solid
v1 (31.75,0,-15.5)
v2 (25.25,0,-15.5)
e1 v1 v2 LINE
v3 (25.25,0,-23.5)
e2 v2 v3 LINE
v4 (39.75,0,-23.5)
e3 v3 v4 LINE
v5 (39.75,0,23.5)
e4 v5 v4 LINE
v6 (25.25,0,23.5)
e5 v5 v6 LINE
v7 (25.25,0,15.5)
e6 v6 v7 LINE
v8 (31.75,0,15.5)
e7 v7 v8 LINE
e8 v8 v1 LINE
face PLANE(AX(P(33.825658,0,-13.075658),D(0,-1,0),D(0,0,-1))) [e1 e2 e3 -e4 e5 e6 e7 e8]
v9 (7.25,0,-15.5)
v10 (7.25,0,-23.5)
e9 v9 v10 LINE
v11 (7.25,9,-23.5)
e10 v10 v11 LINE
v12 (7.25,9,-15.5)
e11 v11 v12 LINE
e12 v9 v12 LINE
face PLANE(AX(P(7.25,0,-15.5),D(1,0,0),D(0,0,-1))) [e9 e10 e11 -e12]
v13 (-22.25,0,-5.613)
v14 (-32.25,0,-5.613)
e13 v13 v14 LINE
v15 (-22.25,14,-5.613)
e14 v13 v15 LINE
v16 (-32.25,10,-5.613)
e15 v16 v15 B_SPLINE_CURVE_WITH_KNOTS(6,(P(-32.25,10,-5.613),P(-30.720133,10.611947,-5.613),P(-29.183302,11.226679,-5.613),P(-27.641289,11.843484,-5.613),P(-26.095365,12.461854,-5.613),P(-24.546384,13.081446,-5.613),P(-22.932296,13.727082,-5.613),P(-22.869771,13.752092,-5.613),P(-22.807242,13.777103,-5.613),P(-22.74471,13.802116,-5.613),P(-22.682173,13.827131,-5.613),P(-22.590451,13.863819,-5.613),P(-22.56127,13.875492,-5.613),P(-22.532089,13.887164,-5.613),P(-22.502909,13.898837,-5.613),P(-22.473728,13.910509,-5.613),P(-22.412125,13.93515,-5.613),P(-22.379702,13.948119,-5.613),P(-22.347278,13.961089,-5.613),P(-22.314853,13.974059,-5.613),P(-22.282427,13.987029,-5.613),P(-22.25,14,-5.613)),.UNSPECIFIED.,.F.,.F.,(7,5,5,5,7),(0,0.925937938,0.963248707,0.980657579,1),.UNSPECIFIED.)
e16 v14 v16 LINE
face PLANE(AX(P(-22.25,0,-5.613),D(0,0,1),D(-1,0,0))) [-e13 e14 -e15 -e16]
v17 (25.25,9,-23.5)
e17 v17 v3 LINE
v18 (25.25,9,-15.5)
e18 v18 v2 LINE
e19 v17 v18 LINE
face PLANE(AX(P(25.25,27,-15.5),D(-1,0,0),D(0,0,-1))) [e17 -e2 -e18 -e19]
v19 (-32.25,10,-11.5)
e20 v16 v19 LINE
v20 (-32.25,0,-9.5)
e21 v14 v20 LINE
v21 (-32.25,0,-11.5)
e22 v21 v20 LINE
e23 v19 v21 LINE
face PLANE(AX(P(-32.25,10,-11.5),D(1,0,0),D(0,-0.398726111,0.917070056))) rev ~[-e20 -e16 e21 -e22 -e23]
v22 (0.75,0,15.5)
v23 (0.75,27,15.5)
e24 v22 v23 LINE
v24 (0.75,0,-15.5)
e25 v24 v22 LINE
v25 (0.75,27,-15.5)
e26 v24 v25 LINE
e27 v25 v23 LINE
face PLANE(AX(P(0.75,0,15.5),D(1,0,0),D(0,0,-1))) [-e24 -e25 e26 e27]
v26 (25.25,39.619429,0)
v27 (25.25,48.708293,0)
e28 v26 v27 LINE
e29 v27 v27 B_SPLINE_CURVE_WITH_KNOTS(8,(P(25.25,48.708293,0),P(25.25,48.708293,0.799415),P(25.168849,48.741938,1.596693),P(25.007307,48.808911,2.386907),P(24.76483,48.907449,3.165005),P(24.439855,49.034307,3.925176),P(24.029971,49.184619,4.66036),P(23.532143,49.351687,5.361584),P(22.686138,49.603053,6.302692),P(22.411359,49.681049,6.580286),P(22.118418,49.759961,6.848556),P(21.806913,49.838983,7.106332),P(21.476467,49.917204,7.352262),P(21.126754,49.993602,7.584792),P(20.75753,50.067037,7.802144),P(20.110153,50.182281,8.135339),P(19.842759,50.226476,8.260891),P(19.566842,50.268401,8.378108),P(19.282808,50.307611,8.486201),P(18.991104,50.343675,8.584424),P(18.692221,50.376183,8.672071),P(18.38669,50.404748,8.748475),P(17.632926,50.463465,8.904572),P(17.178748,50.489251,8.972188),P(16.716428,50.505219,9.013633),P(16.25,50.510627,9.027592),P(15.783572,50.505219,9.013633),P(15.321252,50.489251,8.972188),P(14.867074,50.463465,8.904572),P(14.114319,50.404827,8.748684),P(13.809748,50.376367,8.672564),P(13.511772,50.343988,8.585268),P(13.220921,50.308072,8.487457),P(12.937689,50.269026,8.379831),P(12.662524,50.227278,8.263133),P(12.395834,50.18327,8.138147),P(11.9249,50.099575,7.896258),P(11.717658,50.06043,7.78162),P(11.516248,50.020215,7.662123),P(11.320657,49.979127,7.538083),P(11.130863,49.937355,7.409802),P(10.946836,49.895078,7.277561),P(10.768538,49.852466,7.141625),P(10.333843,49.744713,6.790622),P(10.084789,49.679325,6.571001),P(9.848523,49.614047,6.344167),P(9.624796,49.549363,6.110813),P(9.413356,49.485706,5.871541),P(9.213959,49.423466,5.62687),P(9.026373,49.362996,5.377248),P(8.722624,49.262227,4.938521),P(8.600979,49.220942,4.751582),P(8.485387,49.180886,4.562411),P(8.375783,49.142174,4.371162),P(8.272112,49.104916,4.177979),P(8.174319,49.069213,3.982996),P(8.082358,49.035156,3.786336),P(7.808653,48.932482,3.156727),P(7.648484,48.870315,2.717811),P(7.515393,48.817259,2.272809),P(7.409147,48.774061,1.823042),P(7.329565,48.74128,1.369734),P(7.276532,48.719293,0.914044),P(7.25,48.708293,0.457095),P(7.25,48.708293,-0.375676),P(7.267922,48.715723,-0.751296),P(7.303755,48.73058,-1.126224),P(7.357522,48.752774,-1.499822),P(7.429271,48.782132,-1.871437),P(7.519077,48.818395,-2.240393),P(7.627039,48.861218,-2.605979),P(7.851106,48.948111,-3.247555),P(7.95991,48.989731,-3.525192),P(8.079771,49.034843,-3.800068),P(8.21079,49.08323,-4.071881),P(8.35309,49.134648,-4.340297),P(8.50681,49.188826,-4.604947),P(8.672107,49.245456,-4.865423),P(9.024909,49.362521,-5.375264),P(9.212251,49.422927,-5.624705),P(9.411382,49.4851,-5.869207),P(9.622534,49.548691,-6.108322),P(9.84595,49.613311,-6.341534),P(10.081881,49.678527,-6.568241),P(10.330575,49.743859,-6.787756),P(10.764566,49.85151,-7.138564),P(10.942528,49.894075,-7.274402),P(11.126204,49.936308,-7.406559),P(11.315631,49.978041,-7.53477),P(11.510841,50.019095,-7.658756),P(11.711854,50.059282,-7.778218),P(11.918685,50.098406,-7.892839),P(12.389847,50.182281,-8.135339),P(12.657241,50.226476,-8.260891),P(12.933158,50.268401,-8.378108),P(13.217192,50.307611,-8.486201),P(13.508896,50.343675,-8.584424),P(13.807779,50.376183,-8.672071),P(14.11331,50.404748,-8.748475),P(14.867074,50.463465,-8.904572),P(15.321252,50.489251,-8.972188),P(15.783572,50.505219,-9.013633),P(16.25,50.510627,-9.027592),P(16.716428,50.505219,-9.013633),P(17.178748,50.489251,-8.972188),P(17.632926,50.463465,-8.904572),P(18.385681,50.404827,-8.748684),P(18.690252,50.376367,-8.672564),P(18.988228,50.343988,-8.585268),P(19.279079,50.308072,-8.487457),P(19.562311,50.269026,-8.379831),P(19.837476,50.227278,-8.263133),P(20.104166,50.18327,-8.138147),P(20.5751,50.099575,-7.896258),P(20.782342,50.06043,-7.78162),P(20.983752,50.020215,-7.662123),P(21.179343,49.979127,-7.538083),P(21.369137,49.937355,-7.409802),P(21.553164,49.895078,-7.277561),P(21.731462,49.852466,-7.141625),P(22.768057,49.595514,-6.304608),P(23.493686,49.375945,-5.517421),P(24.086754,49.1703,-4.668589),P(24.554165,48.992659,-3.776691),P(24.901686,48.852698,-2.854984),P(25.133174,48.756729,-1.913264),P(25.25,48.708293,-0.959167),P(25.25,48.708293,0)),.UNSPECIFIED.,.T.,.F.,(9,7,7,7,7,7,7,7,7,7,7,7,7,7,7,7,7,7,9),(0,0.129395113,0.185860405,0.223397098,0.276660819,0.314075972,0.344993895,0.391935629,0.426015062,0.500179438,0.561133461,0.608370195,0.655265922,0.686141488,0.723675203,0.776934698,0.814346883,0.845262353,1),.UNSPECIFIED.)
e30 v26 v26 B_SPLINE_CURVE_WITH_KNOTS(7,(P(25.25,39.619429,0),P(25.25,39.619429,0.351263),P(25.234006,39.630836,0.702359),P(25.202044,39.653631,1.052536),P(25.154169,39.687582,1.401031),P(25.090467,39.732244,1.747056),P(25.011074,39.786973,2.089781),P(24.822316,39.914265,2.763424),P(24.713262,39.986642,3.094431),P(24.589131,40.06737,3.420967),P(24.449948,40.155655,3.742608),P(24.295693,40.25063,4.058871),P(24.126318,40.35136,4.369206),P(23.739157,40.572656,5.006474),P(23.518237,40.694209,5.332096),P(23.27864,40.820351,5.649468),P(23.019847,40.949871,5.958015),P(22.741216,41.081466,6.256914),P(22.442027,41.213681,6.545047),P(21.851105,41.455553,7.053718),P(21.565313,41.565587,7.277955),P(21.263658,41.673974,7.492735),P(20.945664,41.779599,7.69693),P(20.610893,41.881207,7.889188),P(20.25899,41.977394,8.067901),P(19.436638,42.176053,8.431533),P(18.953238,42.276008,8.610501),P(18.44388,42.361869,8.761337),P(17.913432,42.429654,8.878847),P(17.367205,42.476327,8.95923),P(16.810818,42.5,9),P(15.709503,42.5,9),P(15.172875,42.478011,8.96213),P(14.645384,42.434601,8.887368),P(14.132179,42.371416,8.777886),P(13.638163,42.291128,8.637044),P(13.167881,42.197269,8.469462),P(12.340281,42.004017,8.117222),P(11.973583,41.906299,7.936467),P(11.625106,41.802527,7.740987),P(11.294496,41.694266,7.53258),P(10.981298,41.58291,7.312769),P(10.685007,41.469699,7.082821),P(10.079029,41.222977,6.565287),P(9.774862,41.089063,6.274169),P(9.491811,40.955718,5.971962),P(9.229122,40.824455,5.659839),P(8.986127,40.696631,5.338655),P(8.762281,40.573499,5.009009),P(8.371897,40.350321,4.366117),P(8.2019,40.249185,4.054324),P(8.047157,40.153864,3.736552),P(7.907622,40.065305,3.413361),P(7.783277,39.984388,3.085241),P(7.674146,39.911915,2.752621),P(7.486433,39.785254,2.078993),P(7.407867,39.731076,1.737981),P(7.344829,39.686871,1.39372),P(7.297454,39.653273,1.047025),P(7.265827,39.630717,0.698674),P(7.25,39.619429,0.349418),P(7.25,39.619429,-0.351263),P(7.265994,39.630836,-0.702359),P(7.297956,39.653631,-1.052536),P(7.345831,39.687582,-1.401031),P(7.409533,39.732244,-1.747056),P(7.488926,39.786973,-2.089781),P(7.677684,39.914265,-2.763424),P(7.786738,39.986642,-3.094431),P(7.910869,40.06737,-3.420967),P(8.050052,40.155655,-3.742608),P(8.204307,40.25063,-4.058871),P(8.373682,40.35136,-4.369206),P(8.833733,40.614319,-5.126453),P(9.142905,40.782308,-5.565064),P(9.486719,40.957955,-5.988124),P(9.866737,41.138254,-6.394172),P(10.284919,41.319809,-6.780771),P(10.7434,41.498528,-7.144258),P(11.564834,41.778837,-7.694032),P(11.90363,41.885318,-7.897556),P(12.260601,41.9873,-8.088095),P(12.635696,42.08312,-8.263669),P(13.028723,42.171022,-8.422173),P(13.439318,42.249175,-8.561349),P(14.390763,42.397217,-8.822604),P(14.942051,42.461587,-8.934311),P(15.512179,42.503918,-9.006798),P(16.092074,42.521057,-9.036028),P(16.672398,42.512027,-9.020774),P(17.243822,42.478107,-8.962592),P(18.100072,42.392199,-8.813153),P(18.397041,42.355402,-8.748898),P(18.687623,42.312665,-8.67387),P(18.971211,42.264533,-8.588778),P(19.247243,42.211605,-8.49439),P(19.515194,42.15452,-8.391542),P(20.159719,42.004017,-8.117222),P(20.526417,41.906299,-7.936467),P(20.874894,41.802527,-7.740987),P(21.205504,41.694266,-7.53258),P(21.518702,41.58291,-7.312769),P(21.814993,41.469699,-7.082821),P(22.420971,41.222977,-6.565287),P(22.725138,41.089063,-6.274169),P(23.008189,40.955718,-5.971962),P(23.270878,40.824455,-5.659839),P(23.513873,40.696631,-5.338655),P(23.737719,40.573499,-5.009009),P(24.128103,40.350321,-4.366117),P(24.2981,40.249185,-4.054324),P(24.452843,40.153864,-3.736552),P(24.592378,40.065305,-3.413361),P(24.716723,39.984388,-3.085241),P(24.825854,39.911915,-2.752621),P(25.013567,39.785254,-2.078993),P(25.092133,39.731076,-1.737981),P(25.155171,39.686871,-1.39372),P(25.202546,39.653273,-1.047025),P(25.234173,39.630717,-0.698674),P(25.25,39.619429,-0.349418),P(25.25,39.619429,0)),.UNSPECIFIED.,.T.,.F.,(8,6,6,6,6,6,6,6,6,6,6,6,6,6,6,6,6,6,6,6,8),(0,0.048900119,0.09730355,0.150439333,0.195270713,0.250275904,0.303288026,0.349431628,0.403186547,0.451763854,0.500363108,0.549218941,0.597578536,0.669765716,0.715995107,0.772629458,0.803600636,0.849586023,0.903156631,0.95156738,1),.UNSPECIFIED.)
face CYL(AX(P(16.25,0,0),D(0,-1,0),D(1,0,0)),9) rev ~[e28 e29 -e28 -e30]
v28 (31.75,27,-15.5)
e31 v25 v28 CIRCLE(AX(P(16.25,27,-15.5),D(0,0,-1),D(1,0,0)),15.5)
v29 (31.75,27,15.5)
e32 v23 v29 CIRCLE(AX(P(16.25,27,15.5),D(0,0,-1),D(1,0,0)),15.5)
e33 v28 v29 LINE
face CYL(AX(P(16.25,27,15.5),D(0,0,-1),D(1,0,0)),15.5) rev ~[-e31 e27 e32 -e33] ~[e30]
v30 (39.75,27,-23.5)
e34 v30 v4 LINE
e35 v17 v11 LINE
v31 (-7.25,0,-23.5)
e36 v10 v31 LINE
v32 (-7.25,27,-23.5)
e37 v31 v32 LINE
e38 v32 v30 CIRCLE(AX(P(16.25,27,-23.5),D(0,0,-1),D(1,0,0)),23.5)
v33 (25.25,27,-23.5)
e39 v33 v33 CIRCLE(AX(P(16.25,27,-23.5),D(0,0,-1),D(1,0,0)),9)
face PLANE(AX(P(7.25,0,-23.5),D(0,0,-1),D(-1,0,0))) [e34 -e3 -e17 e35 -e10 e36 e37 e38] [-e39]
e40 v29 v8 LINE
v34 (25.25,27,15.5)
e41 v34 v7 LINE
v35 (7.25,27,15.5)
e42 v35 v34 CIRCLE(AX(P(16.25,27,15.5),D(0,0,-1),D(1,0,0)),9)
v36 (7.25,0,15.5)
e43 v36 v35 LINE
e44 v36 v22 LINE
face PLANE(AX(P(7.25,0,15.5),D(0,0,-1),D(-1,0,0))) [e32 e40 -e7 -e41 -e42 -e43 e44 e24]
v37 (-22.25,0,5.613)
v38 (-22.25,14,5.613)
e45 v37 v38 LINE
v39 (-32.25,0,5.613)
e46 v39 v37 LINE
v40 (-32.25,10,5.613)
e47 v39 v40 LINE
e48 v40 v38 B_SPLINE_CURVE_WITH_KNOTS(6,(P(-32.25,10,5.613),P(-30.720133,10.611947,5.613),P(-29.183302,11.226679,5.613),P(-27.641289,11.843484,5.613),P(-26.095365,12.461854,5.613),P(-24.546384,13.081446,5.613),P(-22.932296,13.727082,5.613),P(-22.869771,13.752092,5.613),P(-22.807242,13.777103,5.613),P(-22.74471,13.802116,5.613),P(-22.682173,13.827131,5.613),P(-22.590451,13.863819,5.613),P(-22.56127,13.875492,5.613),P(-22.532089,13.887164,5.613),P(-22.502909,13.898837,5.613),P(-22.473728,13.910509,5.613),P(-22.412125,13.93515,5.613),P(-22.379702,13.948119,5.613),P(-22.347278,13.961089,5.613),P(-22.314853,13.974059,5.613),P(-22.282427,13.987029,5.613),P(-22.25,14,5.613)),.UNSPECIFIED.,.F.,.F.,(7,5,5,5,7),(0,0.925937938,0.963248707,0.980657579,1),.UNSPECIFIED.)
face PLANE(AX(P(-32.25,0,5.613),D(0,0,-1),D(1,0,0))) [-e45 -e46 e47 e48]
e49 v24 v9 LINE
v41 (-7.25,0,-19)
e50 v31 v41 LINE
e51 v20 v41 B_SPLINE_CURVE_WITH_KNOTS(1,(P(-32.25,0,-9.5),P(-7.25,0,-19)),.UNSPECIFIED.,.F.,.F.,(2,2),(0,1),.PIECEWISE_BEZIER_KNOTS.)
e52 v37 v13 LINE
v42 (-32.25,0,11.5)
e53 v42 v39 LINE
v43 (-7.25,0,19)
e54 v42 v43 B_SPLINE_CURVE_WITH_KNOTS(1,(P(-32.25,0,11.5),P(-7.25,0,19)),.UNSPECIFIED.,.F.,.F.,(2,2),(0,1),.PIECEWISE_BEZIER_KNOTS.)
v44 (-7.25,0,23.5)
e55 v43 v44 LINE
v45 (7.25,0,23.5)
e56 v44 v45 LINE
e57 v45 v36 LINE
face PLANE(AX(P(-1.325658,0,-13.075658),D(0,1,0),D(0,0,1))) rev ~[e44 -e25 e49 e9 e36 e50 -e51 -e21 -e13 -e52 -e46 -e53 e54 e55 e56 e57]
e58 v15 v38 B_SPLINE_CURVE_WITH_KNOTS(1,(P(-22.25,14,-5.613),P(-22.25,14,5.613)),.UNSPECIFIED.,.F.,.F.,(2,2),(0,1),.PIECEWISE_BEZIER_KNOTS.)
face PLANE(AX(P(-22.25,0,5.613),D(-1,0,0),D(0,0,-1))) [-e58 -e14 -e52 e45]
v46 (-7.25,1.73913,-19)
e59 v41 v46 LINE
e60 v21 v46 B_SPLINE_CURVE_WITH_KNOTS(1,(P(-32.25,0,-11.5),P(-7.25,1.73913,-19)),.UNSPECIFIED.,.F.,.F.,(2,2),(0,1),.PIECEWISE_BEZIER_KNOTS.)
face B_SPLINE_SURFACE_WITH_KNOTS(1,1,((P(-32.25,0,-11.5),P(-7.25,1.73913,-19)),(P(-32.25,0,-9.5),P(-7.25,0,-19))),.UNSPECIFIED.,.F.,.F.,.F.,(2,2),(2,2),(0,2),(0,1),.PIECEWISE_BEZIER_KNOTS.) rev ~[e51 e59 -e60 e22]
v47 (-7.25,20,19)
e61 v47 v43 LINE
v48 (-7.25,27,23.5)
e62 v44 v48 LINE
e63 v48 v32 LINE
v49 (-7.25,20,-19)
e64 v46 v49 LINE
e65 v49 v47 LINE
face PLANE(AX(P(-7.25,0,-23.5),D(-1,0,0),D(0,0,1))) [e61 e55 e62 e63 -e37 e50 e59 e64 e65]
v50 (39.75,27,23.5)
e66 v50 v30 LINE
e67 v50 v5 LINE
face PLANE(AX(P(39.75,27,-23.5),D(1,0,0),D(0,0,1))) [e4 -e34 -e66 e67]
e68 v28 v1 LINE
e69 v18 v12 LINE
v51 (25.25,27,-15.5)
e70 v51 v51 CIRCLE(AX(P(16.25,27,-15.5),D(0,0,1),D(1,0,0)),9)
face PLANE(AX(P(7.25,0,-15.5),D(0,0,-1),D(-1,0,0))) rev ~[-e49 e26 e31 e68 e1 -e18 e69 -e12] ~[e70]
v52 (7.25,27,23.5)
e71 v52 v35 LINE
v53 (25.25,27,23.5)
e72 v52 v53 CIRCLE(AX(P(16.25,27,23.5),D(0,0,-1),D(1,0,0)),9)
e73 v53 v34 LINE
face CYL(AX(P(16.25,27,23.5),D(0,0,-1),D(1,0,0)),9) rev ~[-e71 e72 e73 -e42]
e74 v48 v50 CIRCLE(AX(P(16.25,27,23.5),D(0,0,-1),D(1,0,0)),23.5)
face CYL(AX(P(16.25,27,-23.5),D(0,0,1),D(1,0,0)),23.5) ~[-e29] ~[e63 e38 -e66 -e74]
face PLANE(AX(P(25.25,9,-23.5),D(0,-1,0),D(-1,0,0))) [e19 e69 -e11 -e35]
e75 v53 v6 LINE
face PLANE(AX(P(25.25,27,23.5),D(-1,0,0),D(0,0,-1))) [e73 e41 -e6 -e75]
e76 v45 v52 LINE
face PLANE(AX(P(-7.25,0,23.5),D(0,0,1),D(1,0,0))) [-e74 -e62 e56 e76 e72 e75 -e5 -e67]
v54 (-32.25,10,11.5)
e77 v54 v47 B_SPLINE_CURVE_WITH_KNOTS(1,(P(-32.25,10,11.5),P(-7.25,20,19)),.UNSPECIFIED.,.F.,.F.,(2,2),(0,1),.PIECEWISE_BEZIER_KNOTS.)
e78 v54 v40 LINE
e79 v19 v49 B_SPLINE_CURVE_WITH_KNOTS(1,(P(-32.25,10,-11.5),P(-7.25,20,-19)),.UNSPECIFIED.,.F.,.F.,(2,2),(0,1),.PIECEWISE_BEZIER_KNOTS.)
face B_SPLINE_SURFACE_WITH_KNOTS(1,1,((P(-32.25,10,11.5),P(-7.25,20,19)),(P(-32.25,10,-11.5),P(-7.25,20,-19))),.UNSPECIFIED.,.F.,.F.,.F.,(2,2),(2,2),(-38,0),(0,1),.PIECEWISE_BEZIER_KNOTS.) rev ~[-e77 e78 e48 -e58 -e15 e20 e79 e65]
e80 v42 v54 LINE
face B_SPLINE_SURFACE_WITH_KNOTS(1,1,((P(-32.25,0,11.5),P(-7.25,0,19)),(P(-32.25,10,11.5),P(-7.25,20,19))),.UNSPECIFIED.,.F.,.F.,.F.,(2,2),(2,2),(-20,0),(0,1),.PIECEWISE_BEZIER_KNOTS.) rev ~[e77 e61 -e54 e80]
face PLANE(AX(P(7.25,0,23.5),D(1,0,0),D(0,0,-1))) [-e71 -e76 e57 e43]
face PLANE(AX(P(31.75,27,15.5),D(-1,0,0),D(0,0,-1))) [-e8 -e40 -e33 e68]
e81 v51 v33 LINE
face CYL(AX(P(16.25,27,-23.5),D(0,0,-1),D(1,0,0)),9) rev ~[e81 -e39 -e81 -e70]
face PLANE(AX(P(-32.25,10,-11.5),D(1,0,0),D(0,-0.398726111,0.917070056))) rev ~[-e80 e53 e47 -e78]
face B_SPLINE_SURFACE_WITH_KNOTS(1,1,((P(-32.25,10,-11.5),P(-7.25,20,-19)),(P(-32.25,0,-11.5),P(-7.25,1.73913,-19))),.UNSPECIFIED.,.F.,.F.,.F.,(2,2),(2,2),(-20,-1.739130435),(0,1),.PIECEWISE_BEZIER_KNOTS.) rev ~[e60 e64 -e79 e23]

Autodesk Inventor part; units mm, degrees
ref_plane "XZ Plane" through (0, 0, 0) normal (0, 1, 0) x (-1, 0, 0)
ref_plane "XY Plane" through (0, 0, 0) normal (0, 0, 1) x (1, 0, 0)
sketch "草图1" plane through (0, 0, 0) normal (0, 1, 0) x (-1, 0, 0)
  line L0 (234.2186, 0) -> (-293.6058, 0)
  line L1 (7.25, 23.5) -> (-7.25, 23.5)
  line L2 (-7.25, -23.5) -> (7.25, -23.5)
  line L3 (7.25, -23.5) -> (7.25, 23.5)
  line L4 (7.25, 23.5) -> (-7.25, -23.5) construction
  line L5 (-7.25, 23.5) -> (7.25, -23.5) construction
  line L6 (-7.25, 15.5) -> (-0.75, 15.5)
  line L7 (-0.75, 15.5) -> (-0.75, -15.5)
  line L8 (-0.75, -15.5) -> (-7.25, -15.5)
  line L9 (-13.75, 15.5) -> (-0.75, -15.5) construction
  line L10 (-0.75, 15.5) -> (-13.75, -15.5) construction
  line L11 (-7.25, 23.5) -> (-7.25, 15.5)
  line L12 (-7.25, -15.5) -> (-7.25, -23.5)
  point P0 (0, 0)
  point P1 (-7.25, 0)
  dimension "d0" = 14.5
  dimension "d1" = 47
  dimension "d2" = 13
sketch "草图2" plane through (0, 0, 0) normal (0, 1, 0) x (-1, 0, 0)
  point P0 (0, 0)
sketch "草图3" plane through (0, 0, 0) normal (0, 0, 1) x (1, 0, 0)
  line L0 (0, 0) -> (0, 27)
  arc A0 (32.5, 27) -> (0, 27) centre (16.25, 27) ccw
  line L1 (32.5, 27) -> (32.5, 0)
  dimension "d4" = 27
  dimension "d5" = 32.5
sweep "扫掠1" add profiles "草图1" path "草图3"
sketch "草图4" plane through (7.25, 0, -23.5) normal (0, 0, -1) x (-1, 0, 0)
  line L0 (-18, 27) -> (-18, 0) projected
  arc A0 (0, 27) -> (-18, 27) centre (-9, 27) ccw projected
  line L1 (0, 0) -> (0, 27) projected
  arc A1 (-18, 27) -> (0, 27) centre (-9, 27) ccw
  line L2 (-18, 9) -> (0, 9)
  line L3 (-18, 9) -> (-18, 27)
  line L4 (0, 9) -> (0, 27)
  point P0 (7.25, 0)
  dimension "d7" = 18
extrude "拉伸1" add sketch "草图4" against normal blind 8 contours A1 L1 L2 L0
sketch "草图5" plane through (-7.25, 0, 23.5) normal (0, -1, 0) x (1, 0, 0)
  line L0 (0, 0) -> (14.5, 0) projected
  line L1 (0, -47) -> (0, 0) projected
  line L2 (14.5, -47) -> (0, -47) projected
  line L3 (14.5, -39) -> (14.5, -47) projected
  line L4 (8, -39) -> (14.5, -39) projected
  line L5 (8, -8) -> (8, -39) projected
  line L6 (14.5, -8) -> (8, -8) projected
  line L7 (14.5, 0) -> (14.5, -8) projected
  point P0 (7.25, -23.5)
sketch "草图6" plane through (25.25, 0, 23.5) normal (0, -1, 0) x (1, 0, 0)
  line L0 (14.5, 0) -> (0, 0) projected
  line L1 (0, 0) -> (0, -8) projected
  line L2 (0, -8) -> (6.5, -8) projected
  line L3 (6.5, -8) -> (6.5, -39) projected
  line L4 (6.5, -39) -> (0, -39) projected
  line L5 (0, -39) -> (0, -47) projected
  line L6 (0, -47) -> (14.5, -47) projected
  line L7 (14.5, -47) -> (14.5, 0) projected
  point P0 (-25.25, -23.5)
sketch "草图7" plane through (-7.25, 0, 23.5) normal (0, -1, 0) x (1, 0, 0)
  line L0 (0, 0) -> (14.5, 0) projected
  line L1 (0, -47) -> (0, 0) projected
  line L2 (14.5, -47) -> (0, -47) projected
  line L3 (14.5, -39) -> (14.5, -47) projected
  line L4 (8, -39) -> (14.5, -39) projected
  line L5 (8, -8) -> (8, -39) projected
  line L6 (14.5, -8) -> (8, -8)
  line L7 (14.5, 0) -> (14.5, -8) projected
  point P0 (7.25, -23.5)
  dimension "d10" = 6.5
sketch "草图8" plane through (-7.25, 0, 23.5) normal (0, -1, 0) x (1, 0, 0)
  line L0 (8, -8) -> (8, -39) projected
  circle A0 centre (23.5, -23.5) radius 9
  point P0 (7.25, -23.5)
  dimension "d11" = 18
  dimension "d12" = 15.5
extrude "拉伸2" cut sketch "草图8" against normal blind 232
sketch "草图9" plane through (-7.25, 0, -23.5) normal (-1, 0, 0) x (0, 0, 1)
  line L0 (42.5, 0) -> (4.5, 0)
  line L1 (4.5, 0) -> (4.5, 20)
  line L2 (4.5, 20) -> (42.5, 20)
  line L3 (42.5, 20) -> (42.5, 0)
  line L4 (42.5, 0) -> (4.5, 20) construction
  line L5 (4.5, 0) -> (42.5, 20) construction
  line L6 (47, 0) -> (39, 0) projected
  point P0 (23.5, 0)
  point P1 (23.5, 10)
  point P2 (43, 0)
  dimension "d15" = 38
  dimension "d16" = 20
ref_plane "工作平面1" through (-3.625, 0, 0) normal (1, 0, 0) x (0, 1, 0)
ref_plane "工作平面2" through (-32.25, 0, -23.5) normal (-1, 0, 0) x (0, 0, 1)
sketch "草图10" plane through (-32.25, 0, -23.5) normal (-1, 0, 0) x (0, 0, 1)
  line L0 (12, 0) -> (35, 0)
  line L1 (35, 0) -> (35, 10)
  line L2 (35, 10) -> (12, 10)
  line L3 (12, 10) -> (12, 0)
  line L4 (12, 0) -> (35, 10) construction
  line L5 (35, 0) -> (12, 10) construction
  point P0 (23.5, 0)
  point P1 (23.5, 5)
  point P2 (39, 0)
  dimension "d18" = 23
  dimension "d19" = 10
loft "放样1" add profiles "草图10", "草图9"
sketch "草图11" plane through (-32.25, 0, 11.5) normal (-1, 0, 0) x (0, 0, 1)
  line L0 (-23, 0) -> (0, 0) projected
  line L1 (0, 0) -> (0, 10) projected
  line L2 (0, 10) -> (-23, 10) projected
  line L3 (-23, 10) -> (-23, 0) projected
  point P0 (-11.5, 0)
sketch "草图12" plane through (-7.25, 0, 23.5) normal (0, -1, 0) x (1, 0, 0)
  line L0 (-25, -35) -> (-25, -12) projected
  line L1 (-15, -29.113) -> (-25, -29.113)
  line L2 (-25, -29.113) -> (-25, -17.887)
  line L3 (-25, -17.887) -> (-15, -17.887)
  line L4 (-15, -17.887) -> (-15, -29.113)
  line L5 (-15, -29.113) -> (-25, -17.887) construction
  line L6 (-25, -29.113) -> (-15, -17.887) construction
  point P0 (7.25, -23.5)
  point P1 (-20, -23.5)
  point P2 (-25, -23.5)
  dimension "d24" = 10
extrude "拉伸3" cut sketch "草图12" against normal blind 232
equation "\"折弯半径\" = 厚度"
equation "\"折弯释压宽度\" = 厚度"
equation "\"折弯释压深度\" = 0.5 * 厚度"
equation "\"拐角释压尺寸\" = 4 * 厚度"
equation "\"最小余量\" = 2 * 厚度"
equation "\"过渡半径\" = 折弯半径"
equation "\"Jacobi半径尺寸\" = 厚度"
equation "\"间隙大小\" = 厚度"
equation "\"厚度\" = 0.5"
